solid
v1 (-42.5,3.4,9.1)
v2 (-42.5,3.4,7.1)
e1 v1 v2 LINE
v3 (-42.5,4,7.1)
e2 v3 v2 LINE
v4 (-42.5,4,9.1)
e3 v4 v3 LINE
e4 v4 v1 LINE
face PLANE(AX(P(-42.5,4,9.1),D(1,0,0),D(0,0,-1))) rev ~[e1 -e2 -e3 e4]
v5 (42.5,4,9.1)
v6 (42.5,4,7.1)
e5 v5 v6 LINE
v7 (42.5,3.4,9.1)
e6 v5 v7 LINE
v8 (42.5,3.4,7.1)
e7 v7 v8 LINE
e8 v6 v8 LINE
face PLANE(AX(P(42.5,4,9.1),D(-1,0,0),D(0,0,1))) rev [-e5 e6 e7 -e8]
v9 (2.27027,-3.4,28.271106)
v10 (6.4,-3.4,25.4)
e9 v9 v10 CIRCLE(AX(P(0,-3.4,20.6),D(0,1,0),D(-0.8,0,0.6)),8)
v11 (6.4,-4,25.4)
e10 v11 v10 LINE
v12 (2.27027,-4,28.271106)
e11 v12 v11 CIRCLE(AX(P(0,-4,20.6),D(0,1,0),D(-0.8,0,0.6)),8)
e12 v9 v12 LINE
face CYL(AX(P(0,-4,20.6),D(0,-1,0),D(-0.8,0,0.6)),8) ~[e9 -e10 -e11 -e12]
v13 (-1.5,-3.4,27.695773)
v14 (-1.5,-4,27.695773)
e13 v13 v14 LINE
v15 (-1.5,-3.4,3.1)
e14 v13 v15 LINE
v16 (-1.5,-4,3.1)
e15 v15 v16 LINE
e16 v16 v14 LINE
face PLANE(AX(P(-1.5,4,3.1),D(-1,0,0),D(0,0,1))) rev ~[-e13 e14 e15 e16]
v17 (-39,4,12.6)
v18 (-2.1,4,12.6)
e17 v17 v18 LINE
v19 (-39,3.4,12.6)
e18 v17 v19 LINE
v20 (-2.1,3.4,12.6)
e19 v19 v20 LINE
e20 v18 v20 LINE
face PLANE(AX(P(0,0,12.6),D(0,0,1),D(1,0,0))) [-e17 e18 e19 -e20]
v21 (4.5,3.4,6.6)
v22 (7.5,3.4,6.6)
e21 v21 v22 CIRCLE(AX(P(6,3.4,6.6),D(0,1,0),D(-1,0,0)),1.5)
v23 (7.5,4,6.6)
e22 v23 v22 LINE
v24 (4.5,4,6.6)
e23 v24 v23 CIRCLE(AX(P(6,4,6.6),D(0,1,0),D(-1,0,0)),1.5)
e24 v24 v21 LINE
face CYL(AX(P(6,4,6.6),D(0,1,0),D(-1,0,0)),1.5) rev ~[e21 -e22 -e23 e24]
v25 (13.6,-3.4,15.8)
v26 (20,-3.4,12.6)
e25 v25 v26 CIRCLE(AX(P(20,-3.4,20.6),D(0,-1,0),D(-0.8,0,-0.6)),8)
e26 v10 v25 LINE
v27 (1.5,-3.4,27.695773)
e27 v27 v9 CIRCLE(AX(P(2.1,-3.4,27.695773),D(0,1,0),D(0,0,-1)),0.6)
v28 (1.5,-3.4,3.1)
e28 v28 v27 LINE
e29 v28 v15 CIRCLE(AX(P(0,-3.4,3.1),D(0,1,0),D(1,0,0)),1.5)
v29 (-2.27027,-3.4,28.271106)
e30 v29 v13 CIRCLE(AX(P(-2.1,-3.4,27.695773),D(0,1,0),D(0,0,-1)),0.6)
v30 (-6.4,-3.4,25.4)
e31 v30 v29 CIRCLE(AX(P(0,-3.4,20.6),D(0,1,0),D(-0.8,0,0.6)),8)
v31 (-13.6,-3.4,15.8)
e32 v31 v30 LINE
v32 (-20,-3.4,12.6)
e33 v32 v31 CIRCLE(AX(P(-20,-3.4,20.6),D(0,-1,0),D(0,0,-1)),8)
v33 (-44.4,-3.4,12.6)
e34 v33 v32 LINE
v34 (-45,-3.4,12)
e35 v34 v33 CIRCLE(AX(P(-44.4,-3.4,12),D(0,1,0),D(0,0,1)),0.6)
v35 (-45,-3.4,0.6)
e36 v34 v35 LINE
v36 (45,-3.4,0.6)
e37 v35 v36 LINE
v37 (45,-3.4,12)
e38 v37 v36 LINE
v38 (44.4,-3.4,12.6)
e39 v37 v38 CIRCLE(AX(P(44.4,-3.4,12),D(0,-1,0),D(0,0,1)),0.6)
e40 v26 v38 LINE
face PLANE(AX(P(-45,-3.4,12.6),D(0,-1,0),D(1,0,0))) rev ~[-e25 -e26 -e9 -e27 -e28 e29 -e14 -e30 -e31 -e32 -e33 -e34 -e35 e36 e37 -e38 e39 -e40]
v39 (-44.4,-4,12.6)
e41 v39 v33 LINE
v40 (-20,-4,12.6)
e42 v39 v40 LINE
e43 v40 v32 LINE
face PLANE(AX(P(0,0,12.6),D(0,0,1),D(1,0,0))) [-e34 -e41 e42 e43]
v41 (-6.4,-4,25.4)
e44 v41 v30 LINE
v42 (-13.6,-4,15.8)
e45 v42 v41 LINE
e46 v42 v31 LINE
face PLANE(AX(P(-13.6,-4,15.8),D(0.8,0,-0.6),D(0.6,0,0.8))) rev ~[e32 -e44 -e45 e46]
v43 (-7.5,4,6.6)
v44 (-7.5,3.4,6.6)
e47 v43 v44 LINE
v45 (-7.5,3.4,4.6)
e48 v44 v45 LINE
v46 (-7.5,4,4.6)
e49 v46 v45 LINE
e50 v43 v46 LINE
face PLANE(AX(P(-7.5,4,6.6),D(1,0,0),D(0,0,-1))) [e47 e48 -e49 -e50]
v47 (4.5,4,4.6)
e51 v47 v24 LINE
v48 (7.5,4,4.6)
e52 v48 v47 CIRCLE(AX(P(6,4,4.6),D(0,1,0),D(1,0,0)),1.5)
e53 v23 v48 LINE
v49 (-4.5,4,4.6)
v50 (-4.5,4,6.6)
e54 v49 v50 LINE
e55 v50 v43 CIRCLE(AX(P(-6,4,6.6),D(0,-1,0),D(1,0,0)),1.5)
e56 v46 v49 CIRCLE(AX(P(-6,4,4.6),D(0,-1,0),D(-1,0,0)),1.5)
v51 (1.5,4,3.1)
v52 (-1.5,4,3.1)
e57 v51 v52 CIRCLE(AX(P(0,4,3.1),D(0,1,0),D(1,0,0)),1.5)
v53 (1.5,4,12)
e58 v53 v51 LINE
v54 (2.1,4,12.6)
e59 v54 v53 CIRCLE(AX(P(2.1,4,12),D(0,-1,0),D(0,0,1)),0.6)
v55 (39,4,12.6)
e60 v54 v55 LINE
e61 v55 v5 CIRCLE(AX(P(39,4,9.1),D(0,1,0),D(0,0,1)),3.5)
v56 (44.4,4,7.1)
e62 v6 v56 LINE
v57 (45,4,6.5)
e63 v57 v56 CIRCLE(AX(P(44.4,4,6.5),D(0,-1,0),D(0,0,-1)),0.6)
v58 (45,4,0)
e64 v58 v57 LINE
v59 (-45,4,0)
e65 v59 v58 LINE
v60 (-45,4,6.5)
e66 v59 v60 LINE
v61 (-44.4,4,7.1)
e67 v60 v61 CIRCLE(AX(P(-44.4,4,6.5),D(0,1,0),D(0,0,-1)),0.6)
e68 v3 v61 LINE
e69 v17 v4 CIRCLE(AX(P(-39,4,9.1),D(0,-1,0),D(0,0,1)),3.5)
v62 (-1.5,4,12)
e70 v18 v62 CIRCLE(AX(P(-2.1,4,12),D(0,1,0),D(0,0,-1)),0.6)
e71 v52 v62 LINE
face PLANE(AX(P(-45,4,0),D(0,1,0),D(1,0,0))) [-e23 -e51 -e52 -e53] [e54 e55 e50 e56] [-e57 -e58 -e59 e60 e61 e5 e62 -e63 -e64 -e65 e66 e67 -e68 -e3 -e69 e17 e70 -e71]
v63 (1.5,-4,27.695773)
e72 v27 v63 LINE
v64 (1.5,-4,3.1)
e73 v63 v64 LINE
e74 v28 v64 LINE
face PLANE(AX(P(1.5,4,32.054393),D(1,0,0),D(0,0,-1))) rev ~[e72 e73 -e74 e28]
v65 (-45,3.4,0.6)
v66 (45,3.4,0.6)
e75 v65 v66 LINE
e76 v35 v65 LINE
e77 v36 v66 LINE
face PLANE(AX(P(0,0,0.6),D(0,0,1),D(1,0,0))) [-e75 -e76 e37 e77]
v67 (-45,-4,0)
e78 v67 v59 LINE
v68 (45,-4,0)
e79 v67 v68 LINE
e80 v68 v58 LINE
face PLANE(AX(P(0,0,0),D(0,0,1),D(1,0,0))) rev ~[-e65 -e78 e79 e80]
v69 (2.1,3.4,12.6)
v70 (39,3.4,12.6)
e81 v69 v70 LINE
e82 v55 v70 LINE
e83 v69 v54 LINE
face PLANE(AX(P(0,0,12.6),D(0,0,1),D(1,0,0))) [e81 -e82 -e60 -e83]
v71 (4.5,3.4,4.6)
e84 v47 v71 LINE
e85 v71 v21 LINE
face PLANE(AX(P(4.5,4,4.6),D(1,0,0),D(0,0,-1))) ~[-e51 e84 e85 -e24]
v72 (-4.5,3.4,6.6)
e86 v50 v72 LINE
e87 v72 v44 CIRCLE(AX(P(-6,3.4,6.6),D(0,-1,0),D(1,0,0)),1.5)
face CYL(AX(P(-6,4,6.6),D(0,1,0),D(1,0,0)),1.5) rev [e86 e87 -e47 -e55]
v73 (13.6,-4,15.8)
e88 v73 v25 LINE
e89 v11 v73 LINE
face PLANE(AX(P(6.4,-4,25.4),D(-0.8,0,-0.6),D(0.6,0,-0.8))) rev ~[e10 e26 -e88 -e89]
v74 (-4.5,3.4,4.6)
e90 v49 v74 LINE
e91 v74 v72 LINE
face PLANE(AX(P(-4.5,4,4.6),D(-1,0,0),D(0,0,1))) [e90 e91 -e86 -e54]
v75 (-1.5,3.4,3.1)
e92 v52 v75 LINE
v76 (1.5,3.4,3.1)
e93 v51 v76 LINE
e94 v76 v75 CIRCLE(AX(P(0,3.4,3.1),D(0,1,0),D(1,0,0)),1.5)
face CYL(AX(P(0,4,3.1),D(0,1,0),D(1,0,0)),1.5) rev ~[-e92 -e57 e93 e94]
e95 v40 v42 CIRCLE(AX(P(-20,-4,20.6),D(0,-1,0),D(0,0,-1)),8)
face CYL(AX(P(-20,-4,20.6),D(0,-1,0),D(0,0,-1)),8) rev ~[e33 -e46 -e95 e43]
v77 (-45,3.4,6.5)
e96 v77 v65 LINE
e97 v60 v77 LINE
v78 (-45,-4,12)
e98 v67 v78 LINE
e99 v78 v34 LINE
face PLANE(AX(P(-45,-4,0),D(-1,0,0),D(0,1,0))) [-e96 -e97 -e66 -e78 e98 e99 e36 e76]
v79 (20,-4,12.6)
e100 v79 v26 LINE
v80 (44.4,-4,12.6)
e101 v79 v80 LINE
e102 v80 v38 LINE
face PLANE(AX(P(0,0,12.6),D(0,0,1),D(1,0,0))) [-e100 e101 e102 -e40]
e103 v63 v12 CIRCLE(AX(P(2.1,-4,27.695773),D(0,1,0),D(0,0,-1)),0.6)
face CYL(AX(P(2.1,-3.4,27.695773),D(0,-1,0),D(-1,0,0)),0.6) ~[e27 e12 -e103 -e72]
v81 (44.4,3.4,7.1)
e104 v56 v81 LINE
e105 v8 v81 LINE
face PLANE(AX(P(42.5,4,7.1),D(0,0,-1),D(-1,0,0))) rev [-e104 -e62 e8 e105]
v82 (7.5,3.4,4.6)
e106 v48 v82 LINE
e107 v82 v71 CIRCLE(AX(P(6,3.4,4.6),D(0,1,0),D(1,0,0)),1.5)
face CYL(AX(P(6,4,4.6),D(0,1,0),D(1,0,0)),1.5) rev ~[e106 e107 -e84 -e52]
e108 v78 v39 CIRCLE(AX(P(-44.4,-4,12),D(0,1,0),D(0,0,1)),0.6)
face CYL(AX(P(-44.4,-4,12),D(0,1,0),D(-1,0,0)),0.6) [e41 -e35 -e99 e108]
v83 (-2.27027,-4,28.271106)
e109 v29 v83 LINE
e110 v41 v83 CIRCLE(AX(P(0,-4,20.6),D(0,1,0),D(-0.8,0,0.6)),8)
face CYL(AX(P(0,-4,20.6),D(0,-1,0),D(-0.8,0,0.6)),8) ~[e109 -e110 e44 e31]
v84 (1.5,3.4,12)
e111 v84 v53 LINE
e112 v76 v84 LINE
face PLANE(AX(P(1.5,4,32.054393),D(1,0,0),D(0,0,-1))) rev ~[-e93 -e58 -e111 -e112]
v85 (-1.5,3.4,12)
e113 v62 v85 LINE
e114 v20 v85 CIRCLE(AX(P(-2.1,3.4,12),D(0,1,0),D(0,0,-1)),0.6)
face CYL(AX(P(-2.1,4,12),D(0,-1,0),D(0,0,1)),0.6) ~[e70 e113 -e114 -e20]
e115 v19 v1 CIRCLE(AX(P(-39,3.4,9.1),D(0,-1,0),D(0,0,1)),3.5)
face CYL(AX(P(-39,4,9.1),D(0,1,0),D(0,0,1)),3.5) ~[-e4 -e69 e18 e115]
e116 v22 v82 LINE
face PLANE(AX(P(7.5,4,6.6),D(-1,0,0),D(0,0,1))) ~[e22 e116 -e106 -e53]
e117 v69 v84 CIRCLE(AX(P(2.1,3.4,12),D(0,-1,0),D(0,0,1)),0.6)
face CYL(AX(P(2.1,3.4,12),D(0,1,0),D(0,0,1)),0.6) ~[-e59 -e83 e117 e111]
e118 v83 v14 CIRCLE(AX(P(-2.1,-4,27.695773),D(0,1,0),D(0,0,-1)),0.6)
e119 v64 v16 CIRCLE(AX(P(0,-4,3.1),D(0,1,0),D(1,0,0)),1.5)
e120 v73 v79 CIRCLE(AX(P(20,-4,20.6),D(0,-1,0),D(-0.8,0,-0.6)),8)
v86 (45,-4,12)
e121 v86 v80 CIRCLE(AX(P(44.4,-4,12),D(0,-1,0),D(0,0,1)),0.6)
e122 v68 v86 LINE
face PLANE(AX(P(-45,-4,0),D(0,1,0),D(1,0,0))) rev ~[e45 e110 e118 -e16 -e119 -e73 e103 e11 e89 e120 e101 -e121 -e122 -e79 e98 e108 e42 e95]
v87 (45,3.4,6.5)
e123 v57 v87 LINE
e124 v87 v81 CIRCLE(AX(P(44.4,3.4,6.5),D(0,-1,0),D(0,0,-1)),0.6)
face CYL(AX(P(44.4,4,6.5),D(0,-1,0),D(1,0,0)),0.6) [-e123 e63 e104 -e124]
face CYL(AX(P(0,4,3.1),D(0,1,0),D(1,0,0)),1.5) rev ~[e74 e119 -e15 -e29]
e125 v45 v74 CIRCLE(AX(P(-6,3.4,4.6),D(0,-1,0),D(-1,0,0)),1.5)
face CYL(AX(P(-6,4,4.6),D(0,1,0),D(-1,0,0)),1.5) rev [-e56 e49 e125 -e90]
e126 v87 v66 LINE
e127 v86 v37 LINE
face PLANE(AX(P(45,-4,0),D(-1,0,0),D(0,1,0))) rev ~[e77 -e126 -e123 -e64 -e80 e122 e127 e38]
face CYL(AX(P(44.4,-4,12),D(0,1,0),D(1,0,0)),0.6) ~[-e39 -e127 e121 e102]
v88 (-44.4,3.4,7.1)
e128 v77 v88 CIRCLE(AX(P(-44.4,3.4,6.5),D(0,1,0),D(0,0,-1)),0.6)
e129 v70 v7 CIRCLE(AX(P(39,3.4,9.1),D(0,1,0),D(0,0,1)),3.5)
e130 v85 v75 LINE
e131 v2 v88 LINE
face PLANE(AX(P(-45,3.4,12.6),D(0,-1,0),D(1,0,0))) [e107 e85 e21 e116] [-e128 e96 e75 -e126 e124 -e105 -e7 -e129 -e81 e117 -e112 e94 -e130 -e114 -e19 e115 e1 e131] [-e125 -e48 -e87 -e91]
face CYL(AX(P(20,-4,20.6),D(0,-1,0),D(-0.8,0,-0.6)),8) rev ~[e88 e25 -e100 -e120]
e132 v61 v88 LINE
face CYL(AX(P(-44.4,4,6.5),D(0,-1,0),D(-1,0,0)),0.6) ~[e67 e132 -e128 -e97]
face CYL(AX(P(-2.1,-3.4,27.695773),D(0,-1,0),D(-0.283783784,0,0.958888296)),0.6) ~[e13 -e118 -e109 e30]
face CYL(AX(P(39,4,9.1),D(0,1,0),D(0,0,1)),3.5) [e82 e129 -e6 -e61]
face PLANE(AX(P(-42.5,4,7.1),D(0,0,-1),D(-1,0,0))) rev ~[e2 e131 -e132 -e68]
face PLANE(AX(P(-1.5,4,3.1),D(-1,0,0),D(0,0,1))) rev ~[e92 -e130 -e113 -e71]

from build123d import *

# Parameters (mm, degrees)
SKETCH1_W           = 90
SKETCH1_H           = 8
BOSS_EXTRUDE1_DEPTH = 12.6
SKETCH2_W           = 90
SKETCH2_H           = 6.8
CUT_EXTRUDE1_DEPTH  = 12
BOSS_EXTRUDE2_DEPTH = 0.6
CUT_EXTRUDE2_DEPTH  = 9
CUT_EXTRUDE4_DEPTH  = 0.6
CUT_EXTRUDE5_DEPTH  = 0.6
FILLET1_R           = 0.6


with BuildPart() as part:
    # Sketch1 → Boss-Extrude1 (new body)
    with BuildSketch(Plane.XY):
        Rectangle(SKETCH1_W, SKETCH1_H)
    extrude(amount=BOSS_EXTRUDE1_DEPTH)

    # Sketch2 → Cut-Extrude1 (cut)
    with BuildSketch(Plane.XY.offset(12.6)):
        Rectangle(SKETCH2_W, SKETCH2_H)
    extrude(amount=-CUT_EXTRUDE1_DEPTH, mode=Mode.SUBTRACT)

    # Sketch8 → Boss-Extrude2 (add)
    with BuildSketch(Plane.XZ.offset(4)):
        with BuildLine():
            Line((6.4, 25.4), (13.6, 15.8))
            ThreePointArc((13.6, 15.8), (16.422291236, 13.444582472), (20, 12.6))
            Line((20, 12.6), (-20, 12.6))
            ThreePointArc((-20, 12.6), (-16.422291236, 13.444582472), (-13.6, 15.8))
            Line((-13.6, 15.8), (-6.4, 25.4))
            ThreePointArc((-6.4, 25.4), (0, 28.6), (6.4, 25.4))
        make_face()
    extrude(amount=-BOSS_EXTRUDE2_DEPTH)

    # Sketch4 → Cut-Extrude2 (cut, through all)
    with BuildSketch(Plane(origin=(0, 4, 0), x_dir=(1, 0, 0), z_dir=(0, 1, 0))):
        with BuildLine():
            Line((-1.5, -3.1), (-1.5, -32.05439328))
            Line((-1.5, -32.05439328), (1.5, -32.05439328))
            Line((1.5, -32.05439328), (1.5, -3.1))
            ThreePointArc((1.5, -3.1), (0, -1.6), (-1.5, -3.1))
        make_face()
    extrude(amount=-CUT_EXTRUDE2_DEPTH, mode=Mode.SUBTRACT)

    # Sketch6 → Cut-Extrude4 (cut)
    with BuildSketch(Plane(origin=(0, 4, 0), x_dir=(1, 0, 0), z_dir=(0, 1, 0))):
        with BuildLine():
            Line((-42.5, -9.1), (-42.5, -7.1))
            Line((-42.5, -7.1), (-45, -7.1))
            Line((-45, -7.1), (-45, -12.6))
            Line((-45, -12.6), (-39, -12.6))
            ThreePointArc((-39, -12.6), (-41.474873734, -11.574873734), (-42.5, -9.1))
        make_face()
    cut_extrude4 = extrude(amount=-CUT_EXTRUDE4_DEPTH, mode=Mode.SUBTRACT)

    # Mirror1: Cut-Extrude4 across plane
    add(cut_extrude4.mirror(Plane(origin=(0, 0, 0), x_dir=(0, 0, 1), z_dir=(1, 0, 0))), mode=Mode.SUBTRACT)

    # Sketch7 → Cut-Extrude5 (cut)
    with BuildSketch(Plane(origin=(0, 4, 0), x_dir=(1, 0, 0), z_dir=(0, 1, 0))):
        with BuildLine():
            Line((-4.5, -4.6), (-4.5, -6.6))
            ThreePointArc((-4.5, -6.6), (-6, -8.1), (-7.5, -6.6))
            Line((-7.5, -6.6), (-7.5, -4.6))
            ThreePointArc((-7.5, -4.6), (-6, -3.1), (-4.5, -4.6))
        make_face()
    cut_extrude5 = extrude(amount=-CUT_EXTRUDE5_DEPTH, mode=Mode.SUBTRACT)

    # Mirror2: Cut-Extrude5 across plane
    add(cut_extrude5.mirror(Plane(origin=(0, 0, 0), x_dir=(0, 0, 1), z_dir=(1, 0, 0))), mode=Mode.SUBTRACT)

    # Fillet1
    fillet1_edges = [part.edges().sort_by_distance(p)[0] for p in [
        (45, -3.7, 12.6),
        (-45, -3.7, 12.6),
        (-1.5, -3.7, 28.458116823),
        (1.5, -3.7, 28.458116823),
        (1.5, 3.7, 12.6),
        (-1.5, 3.7, 12.6),
        (-45, 3.7, 7.1),
        (45, 3.7, 7.1),
    ]]
    fillet(fillet1_edges, radius=FILLET1_R)


solid = part.part
